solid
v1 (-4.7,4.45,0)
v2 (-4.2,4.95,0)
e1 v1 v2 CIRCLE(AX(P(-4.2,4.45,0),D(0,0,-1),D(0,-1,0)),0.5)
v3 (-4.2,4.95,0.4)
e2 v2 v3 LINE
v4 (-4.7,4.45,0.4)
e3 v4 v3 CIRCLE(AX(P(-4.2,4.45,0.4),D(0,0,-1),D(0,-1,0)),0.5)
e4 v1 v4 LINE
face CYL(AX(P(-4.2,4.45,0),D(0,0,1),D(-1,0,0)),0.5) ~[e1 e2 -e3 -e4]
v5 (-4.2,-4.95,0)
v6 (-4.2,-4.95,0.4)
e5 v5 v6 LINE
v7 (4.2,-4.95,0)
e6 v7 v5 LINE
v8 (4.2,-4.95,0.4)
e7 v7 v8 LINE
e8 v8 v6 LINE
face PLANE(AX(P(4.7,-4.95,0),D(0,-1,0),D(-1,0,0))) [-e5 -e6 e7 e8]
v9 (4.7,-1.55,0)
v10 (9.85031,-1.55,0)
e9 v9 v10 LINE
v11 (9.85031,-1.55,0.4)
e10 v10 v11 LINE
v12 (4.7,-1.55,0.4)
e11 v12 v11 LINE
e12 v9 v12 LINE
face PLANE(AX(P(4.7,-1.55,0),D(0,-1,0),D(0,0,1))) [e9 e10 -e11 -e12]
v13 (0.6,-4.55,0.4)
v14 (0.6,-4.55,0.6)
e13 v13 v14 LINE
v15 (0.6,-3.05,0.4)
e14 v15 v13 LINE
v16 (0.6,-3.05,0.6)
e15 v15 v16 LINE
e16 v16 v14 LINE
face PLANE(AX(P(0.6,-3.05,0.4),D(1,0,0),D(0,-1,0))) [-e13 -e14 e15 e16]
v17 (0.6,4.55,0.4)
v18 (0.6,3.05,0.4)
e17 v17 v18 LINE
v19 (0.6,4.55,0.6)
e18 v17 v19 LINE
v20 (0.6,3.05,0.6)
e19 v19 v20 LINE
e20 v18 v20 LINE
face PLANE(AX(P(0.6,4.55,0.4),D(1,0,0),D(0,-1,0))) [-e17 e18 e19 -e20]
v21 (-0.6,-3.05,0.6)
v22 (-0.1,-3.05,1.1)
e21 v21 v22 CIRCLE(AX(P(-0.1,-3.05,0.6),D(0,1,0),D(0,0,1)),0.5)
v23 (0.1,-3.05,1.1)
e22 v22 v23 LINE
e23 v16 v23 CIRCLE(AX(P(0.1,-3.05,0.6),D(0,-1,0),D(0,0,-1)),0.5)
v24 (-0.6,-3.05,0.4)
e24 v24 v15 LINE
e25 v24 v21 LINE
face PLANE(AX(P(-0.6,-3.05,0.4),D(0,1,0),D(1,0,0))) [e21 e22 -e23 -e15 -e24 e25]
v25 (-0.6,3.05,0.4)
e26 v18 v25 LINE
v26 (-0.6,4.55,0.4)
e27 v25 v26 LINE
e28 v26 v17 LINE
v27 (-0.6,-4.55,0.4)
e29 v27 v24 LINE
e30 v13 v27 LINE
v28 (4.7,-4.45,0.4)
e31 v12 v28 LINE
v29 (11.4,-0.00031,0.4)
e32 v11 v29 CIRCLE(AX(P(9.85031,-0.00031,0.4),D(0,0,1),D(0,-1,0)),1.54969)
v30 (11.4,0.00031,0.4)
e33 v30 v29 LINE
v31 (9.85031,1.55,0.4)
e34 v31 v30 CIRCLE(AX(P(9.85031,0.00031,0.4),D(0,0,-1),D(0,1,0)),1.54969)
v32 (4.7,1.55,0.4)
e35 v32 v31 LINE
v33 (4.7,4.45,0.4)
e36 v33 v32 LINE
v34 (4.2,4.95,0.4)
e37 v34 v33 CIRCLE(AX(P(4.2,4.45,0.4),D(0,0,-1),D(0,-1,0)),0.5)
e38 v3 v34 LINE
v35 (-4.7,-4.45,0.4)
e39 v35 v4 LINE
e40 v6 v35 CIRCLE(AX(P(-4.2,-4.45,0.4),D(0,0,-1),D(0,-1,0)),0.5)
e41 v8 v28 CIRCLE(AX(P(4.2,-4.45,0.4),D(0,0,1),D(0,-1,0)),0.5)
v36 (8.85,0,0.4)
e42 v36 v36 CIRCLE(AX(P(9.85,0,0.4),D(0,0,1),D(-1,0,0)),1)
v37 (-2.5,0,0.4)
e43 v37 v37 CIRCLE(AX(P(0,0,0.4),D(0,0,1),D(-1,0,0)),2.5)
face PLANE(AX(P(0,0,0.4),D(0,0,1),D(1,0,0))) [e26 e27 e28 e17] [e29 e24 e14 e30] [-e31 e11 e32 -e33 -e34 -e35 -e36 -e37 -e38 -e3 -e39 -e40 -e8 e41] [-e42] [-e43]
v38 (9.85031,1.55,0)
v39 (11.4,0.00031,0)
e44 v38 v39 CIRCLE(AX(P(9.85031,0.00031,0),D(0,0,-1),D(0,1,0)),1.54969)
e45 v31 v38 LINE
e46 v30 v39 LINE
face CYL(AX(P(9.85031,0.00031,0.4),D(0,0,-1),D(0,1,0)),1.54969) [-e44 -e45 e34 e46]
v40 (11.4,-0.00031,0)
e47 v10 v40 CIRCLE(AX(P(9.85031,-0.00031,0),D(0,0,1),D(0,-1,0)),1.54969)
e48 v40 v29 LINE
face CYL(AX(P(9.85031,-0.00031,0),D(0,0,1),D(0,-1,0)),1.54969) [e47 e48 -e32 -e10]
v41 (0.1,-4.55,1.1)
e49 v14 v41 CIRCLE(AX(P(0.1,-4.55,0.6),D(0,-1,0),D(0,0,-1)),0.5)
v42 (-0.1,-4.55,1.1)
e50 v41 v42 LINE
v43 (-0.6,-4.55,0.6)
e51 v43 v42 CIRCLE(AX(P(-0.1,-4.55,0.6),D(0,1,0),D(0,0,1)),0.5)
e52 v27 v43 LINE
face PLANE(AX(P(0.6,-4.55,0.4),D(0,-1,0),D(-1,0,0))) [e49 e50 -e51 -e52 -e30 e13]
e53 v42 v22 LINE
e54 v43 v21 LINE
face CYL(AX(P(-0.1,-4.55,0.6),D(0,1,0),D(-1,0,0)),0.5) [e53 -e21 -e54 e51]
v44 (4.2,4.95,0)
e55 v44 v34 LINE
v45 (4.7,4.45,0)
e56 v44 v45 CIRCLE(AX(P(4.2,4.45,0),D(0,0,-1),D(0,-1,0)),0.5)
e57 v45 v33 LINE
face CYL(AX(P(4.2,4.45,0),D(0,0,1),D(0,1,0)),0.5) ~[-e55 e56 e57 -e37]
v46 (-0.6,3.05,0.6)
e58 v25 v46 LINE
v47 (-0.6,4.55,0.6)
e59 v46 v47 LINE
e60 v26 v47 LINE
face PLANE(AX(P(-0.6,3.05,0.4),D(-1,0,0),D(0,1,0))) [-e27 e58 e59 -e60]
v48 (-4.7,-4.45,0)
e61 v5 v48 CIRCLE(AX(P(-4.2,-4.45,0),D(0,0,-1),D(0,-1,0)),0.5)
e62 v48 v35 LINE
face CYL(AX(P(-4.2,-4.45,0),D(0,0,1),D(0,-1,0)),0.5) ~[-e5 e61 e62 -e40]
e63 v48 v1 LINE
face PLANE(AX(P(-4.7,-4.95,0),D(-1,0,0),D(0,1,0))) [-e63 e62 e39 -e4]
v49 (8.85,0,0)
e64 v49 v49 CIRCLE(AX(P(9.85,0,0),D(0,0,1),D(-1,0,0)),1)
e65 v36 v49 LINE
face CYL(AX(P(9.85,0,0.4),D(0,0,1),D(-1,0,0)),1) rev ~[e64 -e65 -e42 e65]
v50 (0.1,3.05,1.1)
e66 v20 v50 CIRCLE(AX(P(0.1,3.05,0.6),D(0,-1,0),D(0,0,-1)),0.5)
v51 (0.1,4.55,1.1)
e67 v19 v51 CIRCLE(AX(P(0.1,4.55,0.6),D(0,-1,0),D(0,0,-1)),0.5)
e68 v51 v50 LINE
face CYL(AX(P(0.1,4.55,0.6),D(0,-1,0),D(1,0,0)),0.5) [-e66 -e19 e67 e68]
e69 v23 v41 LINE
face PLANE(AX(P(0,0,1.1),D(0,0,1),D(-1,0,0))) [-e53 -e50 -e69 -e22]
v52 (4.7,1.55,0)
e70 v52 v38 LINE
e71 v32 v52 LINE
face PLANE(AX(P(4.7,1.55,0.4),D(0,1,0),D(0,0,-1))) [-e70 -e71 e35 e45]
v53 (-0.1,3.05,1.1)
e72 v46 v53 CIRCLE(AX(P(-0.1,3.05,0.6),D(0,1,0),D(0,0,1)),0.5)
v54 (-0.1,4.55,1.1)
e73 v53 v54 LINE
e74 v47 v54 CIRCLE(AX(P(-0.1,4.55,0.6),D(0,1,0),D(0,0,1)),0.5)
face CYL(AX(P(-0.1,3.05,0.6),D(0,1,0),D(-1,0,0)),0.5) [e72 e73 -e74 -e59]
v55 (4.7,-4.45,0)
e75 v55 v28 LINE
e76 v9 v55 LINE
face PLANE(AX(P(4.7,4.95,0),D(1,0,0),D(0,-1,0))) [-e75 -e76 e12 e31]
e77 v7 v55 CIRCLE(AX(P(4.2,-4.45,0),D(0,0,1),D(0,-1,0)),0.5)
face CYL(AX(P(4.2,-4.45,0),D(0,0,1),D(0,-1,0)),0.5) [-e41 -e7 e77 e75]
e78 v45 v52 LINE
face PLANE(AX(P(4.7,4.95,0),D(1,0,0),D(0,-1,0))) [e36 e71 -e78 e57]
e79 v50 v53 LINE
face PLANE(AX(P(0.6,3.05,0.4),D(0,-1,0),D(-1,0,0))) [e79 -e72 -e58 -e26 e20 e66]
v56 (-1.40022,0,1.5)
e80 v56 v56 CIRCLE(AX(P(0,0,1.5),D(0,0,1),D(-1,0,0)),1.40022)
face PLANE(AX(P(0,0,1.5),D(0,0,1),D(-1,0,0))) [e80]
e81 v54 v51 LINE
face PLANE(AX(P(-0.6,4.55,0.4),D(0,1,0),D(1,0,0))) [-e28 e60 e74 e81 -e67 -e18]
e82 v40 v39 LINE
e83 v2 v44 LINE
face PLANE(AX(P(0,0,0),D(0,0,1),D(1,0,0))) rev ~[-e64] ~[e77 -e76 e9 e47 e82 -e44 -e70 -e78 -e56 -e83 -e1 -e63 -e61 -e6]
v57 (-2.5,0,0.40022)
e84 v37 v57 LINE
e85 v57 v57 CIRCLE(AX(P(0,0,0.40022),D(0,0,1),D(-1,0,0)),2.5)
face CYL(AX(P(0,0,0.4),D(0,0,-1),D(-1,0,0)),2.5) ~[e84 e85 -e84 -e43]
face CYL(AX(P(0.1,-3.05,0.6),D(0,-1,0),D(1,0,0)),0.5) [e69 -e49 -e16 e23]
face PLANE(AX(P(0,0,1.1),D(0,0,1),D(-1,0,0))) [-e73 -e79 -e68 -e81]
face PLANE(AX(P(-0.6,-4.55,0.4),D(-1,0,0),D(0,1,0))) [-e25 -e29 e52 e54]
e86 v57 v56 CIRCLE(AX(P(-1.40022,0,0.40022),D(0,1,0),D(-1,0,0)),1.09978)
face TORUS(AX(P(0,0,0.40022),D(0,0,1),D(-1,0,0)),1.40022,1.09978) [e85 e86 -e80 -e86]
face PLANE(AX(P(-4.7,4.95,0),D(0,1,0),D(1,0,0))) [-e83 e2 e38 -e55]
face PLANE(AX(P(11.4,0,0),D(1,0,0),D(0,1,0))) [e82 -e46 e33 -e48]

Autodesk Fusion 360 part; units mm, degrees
sketch "Base" plane through (0, 0, 0) normal (0, 0, 1) x (1, 0, 0) in component "Connector (AAA-Positive)"
  line L0 (4.7, -4.95) -> (-4.7, -4.95)
  line L1 (-4.7, -4.95) -> (-4.7, 4.95)
  line L2 (-4.7, 4.95) -> (4.7, 4.95)
  line L3 (4.7, 4.95) -> (4.7, -4.95)
  line L4 (4.7, -4.95) -> (-4.7, 4.95) construction
  line L5 (-4.7, -4.95) -> (4.7, 4.95) construction
  dimension "d1" = 9.4
  dimension "d2" = 9.9
extrude "Extrude1" add sketch "Base" along normal blind 0.4 in component "Connector (AAA-Positive)"
fillet "Fillet1" radius 0.5 4 edges at (4.7, -4.95, 0.2) (4.7, 4.95, 0.2) (-4.7, 4.95, 0.2) (-4.7, -4.95, 0.2) in component "Connector (AAA-Positive)"
sketch "Connector" plane through (4.7, 0, 0) normal (1, 0, 0) x (0, 1, 0) in component "Connector (AAA-Positive)"
  line L0 (4.45, 0) -> (4.45, 0.4)
  line L1 (4.45, 0.4) -> (-4.45, 0.4)
  line L2 (-4.45, 0.4) -> (-4.45, 0)
  line L3 (-4.45, 0) -> (4.45, 0)
  line L4 (-4.45, 0.2) -> (4.45, 0.2) construction
  line L5 (1.55, 0) -> (-1.55, 0)
  line L6 (-1.55, 0) -> (-1.55, 0.4)
  line L7 (-1.55, 0.4) -> (1.55, 0.4)
  line L8 (1.55, 0.4) -> (1.55, 0)
  line L9 (1.55, 0) -> (-1.55, 0.4) construction
  line L10 (-1.55, 0) -> (1.55, 0.4) construction
  point P0 (0, 0.2)
  dimension "d6" = 3.1
extrude "Extrude2" add sketch "Connector" along normal blind 6.7 contours L1 L3 L5 L6 L7 L8 in component "Connector (AAA-Positive)"
fillet "Fillet2" radius 1.55 2 edges at (11.4, -1.55, 0.2) (11.4, 1.55, 0.2) in component "Connector (AAA-Positive)"
sketch "Taps" plane through (0, 0, 0.4) normal (0, 0, 1) x (-1, 0, 0) in component "Connector (AAA-Positive)"
  arc A0 (-9.85, 1.55) -> (-9.85, -1.55) centre (-9.85, 0) ccw
  line L0 (-9.85, -1.55) -> (-4.7, -1.55)
  line L1 (-4.7, -1.55) -> (-4.7, -4.45)
  arc A1 (-4.7, -4.45) -> (-4.2, -4.95) centre (-4.2, -4.45) ccw
  line L2 (-4.2, -4.95) -> (4.2, -4.95)
  arc A2 (4.2, -4.95) -> (4.7, -4.45) centre (4.2, -4.45) ccw
  line L3 (4.7, -4.45) -> (4.7, 4.45)
  arc A3 (4.7, 4.45) -> (4.2, 4.95) centre (4.2, 4.45) ccw
  line L4 (4.2, 4.95) -> (-4.2, 4.95)
  arc A4 (-4.2, 4.95) -> (-4.7, 4.45) centre (-4.2, 4.45) ccw
  line L5 (-4.7, 4.45) -> (-4.7, 1.55)
  line L6 (-4.7, 1.55) -> (-9.85, 1.55)
  line L7 (4.7, 0) -> (-11.4, 0) construction
  line L8 (-9.85, -1.55) -> (-9.85, 1.55) construction
  circle A5 centre (-9.85, 0) radius 1
  line L9 (0, -4.95) -> (0, 4.95) construction
  circle A6 centre (0, 0) radius 2.5
  line L10 (-0.6, -3.05) -> (0.6, -3.05)
  line L11 (0.6, -3.05) -> (0.6, -4.55)
  line L12 (0.6, -4.55) -> (-0.6, -4.55)
  line L13 (-0.6, -4.55) -> (-0.6, -3.05)
  line L14 (-0.6, -3.05) -> (0.6, -4.55) construction
  line L15 (0.6, -3.05) -> (-0.6, -4.55) construction
  line L16 (-0.6, 4.55) -> (0.6, 4.55)
  line L17 (0.6, 4.55) -> (0.6, 3.05)
  line L18 (0.6, 3.05) -> (-0.6, 3.05)
  line L19 (-0.6, 3.05) -> (-0.6, 4.55)
  line L20 (-0.6, 4.55) -> (0.6, 3.05) construction
  line L21 (0.6, 4.55) -> (-0.6, 3.05) construction
  point P0 (0, -3.8)
  point P1 (0, 3.8)
  dimension "d10" = 1.55
  dimension "d11" = 2
  dimension "d12" = 5
  dimension "d13" = 1.2
  dimension "d14" = 1.5
  dimension "d15" = 0.4
  dimension "d16" = 1.2
  dimension "d17" = 1.5
  dimension "d18" = 0.4
extrude "Extrude3" cut sketch "Taps" against normal up to surface (0.4 mm away) contours A5 in component "Connector (AAA-Positive)"
extrude "Extrude4" add sketch "Taps" along normal blind 0.7 contours L10 L11 L12 L13 | L16 L17 L18 L19 in component "Connector (AAA-Positive)"
fillet "Fillet3" radius 0.5 4 edges at (0.6, 3.8, 1.1) (0.6, -3.8, 1.1) (-0.6, -3.8, 1.1) (-0.6, 3.8, 1.1) in component "Connector (AAA-Positive)"
extrude "Extrude5" add sketch "Taps" along normal blind 1.1 contours A6 in component "Connector (AAA-Positive)"
fillet "Fillet4" radius 1.1 1 edges at (2.3308, 0.904, 1.5) in component "Connector (AAA-Positive)"
component "Connector (AAA-Positive)" placed x (1, 0, 0) y (0, 1, 0) z (0, 0, 1) at (0, 0, 0)
